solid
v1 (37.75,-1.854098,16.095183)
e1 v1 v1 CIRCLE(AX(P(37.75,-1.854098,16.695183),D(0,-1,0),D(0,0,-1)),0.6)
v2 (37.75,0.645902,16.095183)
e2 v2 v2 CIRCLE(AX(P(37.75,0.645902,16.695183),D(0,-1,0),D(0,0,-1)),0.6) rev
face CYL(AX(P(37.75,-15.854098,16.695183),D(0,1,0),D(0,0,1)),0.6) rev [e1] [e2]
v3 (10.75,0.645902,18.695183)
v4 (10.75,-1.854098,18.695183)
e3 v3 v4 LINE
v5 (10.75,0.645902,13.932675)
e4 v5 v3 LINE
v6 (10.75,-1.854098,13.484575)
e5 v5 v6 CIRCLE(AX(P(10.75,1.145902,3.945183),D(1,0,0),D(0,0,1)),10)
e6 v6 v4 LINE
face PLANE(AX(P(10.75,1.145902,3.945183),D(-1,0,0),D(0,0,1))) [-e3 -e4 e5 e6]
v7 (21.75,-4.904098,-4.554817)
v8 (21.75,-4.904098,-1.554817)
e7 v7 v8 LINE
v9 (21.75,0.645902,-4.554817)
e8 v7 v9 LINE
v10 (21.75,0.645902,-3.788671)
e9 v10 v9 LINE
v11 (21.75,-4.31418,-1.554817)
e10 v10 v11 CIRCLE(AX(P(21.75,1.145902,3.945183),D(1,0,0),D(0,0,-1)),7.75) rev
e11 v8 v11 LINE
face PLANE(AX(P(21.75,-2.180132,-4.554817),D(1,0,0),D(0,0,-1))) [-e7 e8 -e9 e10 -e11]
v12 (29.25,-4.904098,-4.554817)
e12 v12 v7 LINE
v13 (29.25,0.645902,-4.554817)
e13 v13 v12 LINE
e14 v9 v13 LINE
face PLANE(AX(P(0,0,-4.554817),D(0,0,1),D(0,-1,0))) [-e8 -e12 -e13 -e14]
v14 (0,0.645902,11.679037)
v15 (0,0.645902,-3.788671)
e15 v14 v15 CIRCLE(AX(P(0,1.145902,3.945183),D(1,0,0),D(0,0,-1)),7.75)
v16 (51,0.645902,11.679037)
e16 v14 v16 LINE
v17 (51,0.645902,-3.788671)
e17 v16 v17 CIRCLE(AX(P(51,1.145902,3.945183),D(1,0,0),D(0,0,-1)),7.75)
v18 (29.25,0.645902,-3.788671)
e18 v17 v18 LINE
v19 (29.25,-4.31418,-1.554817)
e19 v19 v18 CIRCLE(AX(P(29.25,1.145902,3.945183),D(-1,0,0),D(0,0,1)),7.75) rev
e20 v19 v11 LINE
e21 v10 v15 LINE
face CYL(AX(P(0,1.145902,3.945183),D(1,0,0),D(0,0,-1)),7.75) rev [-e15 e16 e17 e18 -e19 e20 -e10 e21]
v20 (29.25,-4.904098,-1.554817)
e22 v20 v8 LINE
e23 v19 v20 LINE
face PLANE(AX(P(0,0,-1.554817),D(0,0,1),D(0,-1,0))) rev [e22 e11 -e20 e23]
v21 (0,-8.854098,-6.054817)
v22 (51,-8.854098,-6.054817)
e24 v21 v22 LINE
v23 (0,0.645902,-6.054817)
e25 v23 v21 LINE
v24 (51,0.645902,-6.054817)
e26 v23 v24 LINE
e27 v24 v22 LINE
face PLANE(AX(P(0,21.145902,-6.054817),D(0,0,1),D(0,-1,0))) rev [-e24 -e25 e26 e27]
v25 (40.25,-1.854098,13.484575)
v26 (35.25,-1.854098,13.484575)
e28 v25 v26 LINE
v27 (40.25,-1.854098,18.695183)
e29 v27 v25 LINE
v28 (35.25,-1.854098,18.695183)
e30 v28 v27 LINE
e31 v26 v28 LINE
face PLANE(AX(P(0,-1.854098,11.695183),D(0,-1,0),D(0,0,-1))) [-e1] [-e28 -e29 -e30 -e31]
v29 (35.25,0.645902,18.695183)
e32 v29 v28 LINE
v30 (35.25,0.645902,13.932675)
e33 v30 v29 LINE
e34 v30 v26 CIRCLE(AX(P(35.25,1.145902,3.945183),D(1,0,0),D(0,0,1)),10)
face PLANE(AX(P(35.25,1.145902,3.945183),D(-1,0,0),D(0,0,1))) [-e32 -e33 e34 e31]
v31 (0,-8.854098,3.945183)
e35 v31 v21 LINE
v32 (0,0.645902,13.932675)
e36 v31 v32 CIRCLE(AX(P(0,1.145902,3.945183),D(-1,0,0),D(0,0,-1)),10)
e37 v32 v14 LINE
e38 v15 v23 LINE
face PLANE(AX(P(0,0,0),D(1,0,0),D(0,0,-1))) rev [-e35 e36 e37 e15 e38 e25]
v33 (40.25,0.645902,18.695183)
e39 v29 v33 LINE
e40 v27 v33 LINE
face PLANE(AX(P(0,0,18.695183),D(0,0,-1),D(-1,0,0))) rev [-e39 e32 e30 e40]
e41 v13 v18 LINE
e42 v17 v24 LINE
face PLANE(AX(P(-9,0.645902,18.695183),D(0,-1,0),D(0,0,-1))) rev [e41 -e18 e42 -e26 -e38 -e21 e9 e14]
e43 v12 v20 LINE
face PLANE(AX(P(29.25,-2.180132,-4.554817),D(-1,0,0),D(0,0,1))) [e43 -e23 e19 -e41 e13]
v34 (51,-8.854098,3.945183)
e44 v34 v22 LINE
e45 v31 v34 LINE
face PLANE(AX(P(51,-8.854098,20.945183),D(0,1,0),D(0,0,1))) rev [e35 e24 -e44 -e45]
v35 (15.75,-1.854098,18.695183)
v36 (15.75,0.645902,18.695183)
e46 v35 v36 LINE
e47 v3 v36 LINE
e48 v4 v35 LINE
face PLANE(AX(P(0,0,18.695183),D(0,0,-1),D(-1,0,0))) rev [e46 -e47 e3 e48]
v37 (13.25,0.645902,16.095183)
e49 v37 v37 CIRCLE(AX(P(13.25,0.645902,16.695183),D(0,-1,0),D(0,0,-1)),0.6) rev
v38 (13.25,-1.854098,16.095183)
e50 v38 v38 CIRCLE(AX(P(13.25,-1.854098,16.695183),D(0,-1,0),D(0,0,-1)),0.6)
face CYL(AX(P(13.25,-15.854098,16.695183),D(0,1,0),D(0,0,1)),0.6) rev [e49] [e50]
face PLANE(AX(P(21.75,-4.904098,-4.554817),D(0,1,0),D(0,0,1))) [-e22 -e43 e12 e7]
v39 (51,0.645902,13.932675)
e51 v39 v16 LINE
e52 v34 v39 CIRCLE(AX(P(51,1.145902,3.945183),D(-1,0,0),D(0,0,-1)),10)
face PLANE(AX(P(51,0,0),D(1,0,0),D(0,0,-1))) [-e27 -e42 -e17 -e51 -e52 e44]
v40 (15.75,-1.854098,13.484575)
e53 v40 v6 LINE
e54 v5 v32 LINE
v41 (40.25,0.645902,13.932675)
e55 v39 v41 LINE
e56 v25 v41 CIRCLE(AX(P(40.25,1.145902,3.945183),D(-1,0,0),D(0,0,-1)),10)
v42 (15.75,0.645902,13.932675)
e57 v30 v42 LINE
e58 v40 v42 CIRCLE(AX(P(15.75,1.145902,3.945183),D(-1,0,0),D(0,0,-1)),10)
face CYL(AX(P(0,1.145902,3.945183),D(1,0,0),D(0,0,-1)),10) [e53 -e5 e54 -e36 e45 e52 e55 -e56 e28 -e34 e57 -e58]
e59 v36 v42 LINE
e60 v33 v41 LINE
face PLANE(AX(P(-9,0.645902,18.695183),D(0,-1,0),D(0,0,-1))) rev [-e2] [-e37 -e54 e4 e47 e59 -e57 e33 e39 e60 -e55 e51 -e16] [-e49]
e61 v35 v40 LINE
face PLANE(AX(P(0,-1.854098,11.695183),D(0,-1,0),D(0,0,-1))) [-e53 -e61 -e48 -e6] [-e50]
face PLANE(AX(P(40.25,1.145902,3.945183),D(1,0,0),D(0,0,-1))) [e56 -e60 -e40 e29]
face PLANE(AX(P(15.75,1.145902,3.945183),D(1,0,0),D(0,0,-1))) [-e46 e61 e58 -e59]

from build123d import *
from build123d.topology import SkipClean

# Parameters (mm, degrees)
SKETCH1_W                = 34
SKETCH1_H                = 30
BOSS_EXTRUDE2_DEPTH      = 51
SKETCH3_R                = 2.55
CUT_EXTRUDE3_DEPTH       = 10
SKETCH5_R                = 7.75
CUT_EXTRUDE4_DEPTH       = 51
SKETCH6_W                = 7
SKETCH6_H                = 30
CUT_EXTRUDE6_DEPTH       = 51
CUT_EXTRUDE7_DEPTH       = 51
CUT_EXTRUDE9_DEPTH       = 1.5
CUT_EXTRUDE9_DEPTH_BACK  = 1.5
BOSS_EXTRUDE5_DEPTH      = 51
CUT_EXTRUDE10_DEPTH      = 13
CUT_EXTRUDE11_START      = -13
CUT_EXTRUDE11_DEPTH      = 13
SKETCH13_W               = 2
SKETCH13_H               = 6
CUT_EXTRUDE12_DEPTH      = 2
CUT_EXTRUDE13_DEPTH      = 13
CUT_EXTRUDE13_DEPTH_BACK = 11
BOSS_EXTRUDE6_DEPTH      = 2.25
BOSS_EXTRUDE7_DEPTH      = 2.25
BOSS_EXTRUDE8_DEPTH      = 2.25
BOSS_EXTRUDE9_DEPTH      = 2.25
SKETCH22_W               = 5
SKETCH22_H               = 6
BOSS_EXTRUDE10_DEPTH     = 1
SKETCH24_W               = 5
SKETCH24_H               = 6
BOSS_EXTRUDE11_DEPTH     = 1
SKETCH25_R               = 0.6
CUT_EXTRUDE14_DEPTH      = 20
SKETCH26_R               = 2.55
BOSS_EXTRUDE12_DEPTH     = 1.5
CUT_EXTRUDE16_DEPTH      = 60


with BuildPart() as part:
    # Sketch1 → Boss-Extrude2 (new body)
    with BuildSketch(Plane(origin=(0, 0, 0), x_dir=(0, 0, -1), z_dir=(1, 0, 0))):
        with Locations((-3.945183177, 6.145902028)):
            Rectangle(SKETCH1_W, SKETCH1_H)
    extrude(amount=BOSS_EXTRUDE2_DEPTH)

    # Sketch3 → Cut-Extrude3 (cut)
    with BuildSketch(Plane(origin=(0, 0, -13.054816823), x_dir=(-1, 0, 0), z_dir=(0, 0, -1))):
        with Locations((-25.5, -1.354097972)):
            Circle(SKETCH3_R)
    extrude(amount=-CUT_EXTRUDE3_DEPTH, mode=Mode.SUBTRACT)

    # Sketch5 → Cut-Extrude4 (cut)
    with BuildSketch(Plane(origin=(51, 0, 0), x_dir=(0, 0, -1), z_dir=(1, 0, 0))):
        with Locations((-3.945183177, 1.145902028)):
            Circle(SKETCH5_R)
    extrude(amount=-CUT_EXTRUDE4_DEPTH, mode=Mode.SUBTRACT)

    # Sketch6 → Cut-Extrude6 (cut)
    with BuildSketch(Plane(origin=(51, 0, 0), x_dir=(0, 0, -1), z_dir=(1, 0, 0))):
        with Locations((9.554816823, 6.145902028)):
            Rectangle(SKETCH6_W, SKETCH6_H)
    extrude(amount=-CUT_EXTRUDE6_DEPTH, mode=Mode.SUBTRACT)

    # Sketch7 → Cut-Extrude7 (cut)
    with BuildSketch(Plane(origin=(51, 0, 0), x_dir=(0, 0, -1), z_dir=(1, 0, 0))):
        with BuildLine():
            Line((-3.945183177, -8.854097972), (-20.945183177, -8.854097972))
            Line((-20.945183177, -8.854097972), (-20.945183177, 21.145902028))
            Line((-20.945183177, 21.145902028), (6.054816823, 21.145902028))
            Line((6.054816823, 21.145902028), (6.054816823, 1.145902028))
            ThreePointArc((6.054816823, 1.145902028), (-11.016250989, 8.21696984), (-3.945183177, -8.854097972))
        make_face()
    extrude(amount=-CUT_EXTRUDE7_DEPTH, mode=Mode.SUBTRACT)

    # Sketch8 → Cut-Extrude9 (cut, two sides: drawn at the far end of the back side and taken through both)
    with BuildSketch(Plane(origin=(0, 0, -3.054816823), x_dir=(-1, 0, 0), z_dir=(0, 0, -1)).offset(-CUT_EXTRUDE9_DEPTH_BACK)):
        Polygon((-21.75, -2.180131646), (-21.75, -4.904097972), (-29.25, -4.904097972), (-29.25, -2.180131646), (-29.25, 2.195902028), (-21.75, 2.195902028), align=None)
    extrude(amount=CUT_EXTRUDE9_DEPTH + CUT_EXTRUDE9_DEPTH_BACK, mode=Mode.SUBTRACT)

    # Sketch10 → Boss-Extrude5 (add)
    with BuildSketch(Plane(origin=(51, 0, 0), x_dir=(0, 0, -1), z_dir=(1, 0, 0))):
        Polygon((-17.695183177, 1.145902028), (-17.695183177, 4.145902028), (-11.695183177, 4.145902028), (-11.695183177, 1.145902028), (-11.695183177, -1.854097972), (-17.695183177, -1.854097972), align=None)
    extrude(amount=-BOSS_EXTRUDE5_DEPTH)

    # Sketch11 → Cut-Extrude10 (cut)
    with BuildSketch(Plane(origin=(51, 0, 0), x_dir=(0, 0, -1), z_dir=(1, 0, 0))):
        with BuildLine():
            Line((-13.484575191, -1.854097972), (-17.695183177, -1.854097972))
            Line((-17.695183177, -1.854097972), (-17.695183177, 4.145902028))
            Line((-17.695183177, 4.145902028), (-13.484575191, 4.145902028))
            ThreePointArc((-13.484575191, 4.145902028), (-13.945183177, 1.145902028), (-13.484575191, -1.854097972))
        make_face()
    extrude(amount=-CUT_EXTRUDE10_DEPTH, mode=Mode.SUBTRACT)

    # Sketch12 → Cut-Extrude11 (cut)
    with BuildSketch(Plane.ZY.offset(CUT_EXTRUDE11_START)):
        with BuildLine():
            Line((13.484575191, -1.854097972), (17.695183177, -1.854097972))
            Line((17.695183177, -1.854097972), (17.695183177, 4.145902028))
            Line((17.695183177, 4.145902028), (13.484575191, 4.145902028))
            ThreePointArc((13.484575191, 4.145902028), (13.945183177, 1.145902028), (13.484575191, -1.854097972))
        make_face()
    extrude(amount=CUT_EXTRUDE11_DEPTH, mode=Mode.SUBTRACT)

    # Sketch13 → Cut-Extrude12 (cut)
    with BuildSketch(Plane.XY.offset(17.695183177)):
        with Locations((25.5, 1.145902028)):
            Rectangle(SKETCH13_W, SKETCH13_H)
    extrude(amount=-CUT_EXTRUDE12_DEPTH, mode=Mode.SUBTRACT)

    # Sketch15 → Cut-Extrude13 (cut, two sides: drawn at the far end of the back side and taken through both)
    with SkipClean():  # the faces are left unmerged after this step: merging them gives an invalid solid
        with BuildSketch(Plane(origin=(24.5, 0, 0), x_dir=(0, 0, -1), z_dir=(1, 0, 0)).offset(-CUT_EXTRUDE13_DEPTH_BACK)):
            with BuildLine():
                Line((-17.695183177, 4.145902028), (-17.695183177, -1.854097972))
                Line((-17.695183177, -1.854097972), (-13.484575191, -1.854097972))
                ThreePointArc((-13.484575191, -1.854097972), (-13.945183177, 1.145902028), (-13.484575191, 4.145902028))
                Line((-13.484575191, 4.145902028), (-17.695183177, 4.145902028))
            make_face()
        extrude(amount=CUT_EXTRUDE13_DEPTH + CUT_EXTRUDE13_DEPTH_BACK, mode=Mode.SUBTRACT)

    # Sketch17 → Boss-Extrude6 (add)
    with SkipClean():  # the faces are left unmerged after this step: merging them gives an invalid solid
        with BuildSketch(Plane(origin=(38, 0, 0), x_dir=(0, 0, -1), z_dir=(1, 0, 0))):
            with BuildLine():
                Line((-13.484575191, 4.145902028), (-17.695183177, 4.145902028))
                Line((-17.695183177, 4.145902028), (-17.695183177, -1.854097972))
                Line((-17.695183177, -1.854097972), (-13.484575191, -1.854097972))
                ThreePointArc((-13.484575191, -1.854097972), (-13.945183177, 1.145902028), (-13.484575191, 4.145902028))
            make_face()
        extrude(amount=BOSS_EXTRUDE6_DEPTH)

    # Sketch19 → Boss-Extrude7 (add)
    with SkipClean():  # the faces are left unmerged after this step: merging them gives an invalid solid
        with BuildSketch(Plane.ZY.offset(-13)):
            with BuildLine():
                Line((13.484575191, 4.145902028), (17.695183177, 4.145902028))
                Line((17.695183177, 4.145902028), (17.695183177, -1.854097972))
                Line((17.695183177, -1.854097972), (13.484575191, -1.854097972))
                ThreePointArc((13.484575191, -1.854097972), (13.945183177, 1.145902028), (13.484575191, 4.145902028))
            make_face()
        extrude(amount=BOSS_EXTRUDE7_DEPTH)

    # Sketch20 → Boss-Extrude8 (add)
    with SkipClean():  # the faces are left unmerged after this step: merging them gives an invalid solid
        with BuildSketch(Plane(origin=(13.5, 0, 0), x_dir=(0, 0, -1), z_dir=(1, 0, 0))):
            with BuildLine():
                Line((-17.695183177, -1.854097972), (-17.695183177, 4.145902028))
                Line((-17.695183177, 4.145902028), (-13.484575191, 4.145902028))
                ThreePointArc((-13.484575191, 4.145902028), (-13.945183177, 1.145902028), (-13.484575191, -1.854097972))
                Line((-13.484575191, -1.854097972), (-17.695183177, -1.854097972))
            make_face()
        extrude(amount=BOSS_EXTRUDE8_DEPTH)

    # Sketch21 → Boss-Extrude9 (add)
    with SkipClean():  # the faces are left unmerged after this step: merging them gives an invalid solid
        with BuildSketch(Plane.ZY.offset(-37.5)):
            with BuildLine():
                Line((13.484575191, 4.145902028), (17.695183177, 4.145902028))
                Line((17.695183177, 4.145902028), (17.695183177, -1.854097972))
                Line((17.695183177, -1.854097972), (13.484575191, -1.854097972))
                ThreePointArc((13.484575191, -1.854097972), (13.945183177, 1.145902028), (13.484575191, 4.145902028))
            make_face()
        extrude(amount=BOSS_EXTRUDE9_DEPTH)

    # Sketch22 → Boss-Extrude10 (add)
    with SkipClean():  # the faces are left unmerged after this step: merging them gives an invalid solid
        with BuildSketch(Plane.XY.offset(17.695183177)):
            with Locations((37.75, 1.145902028)):
                Rectangle(SKETCH22_W, SKETCH22_H)
        extrude(amount=BOSS_EXTRUDE10_DEPTH)

    # Sketch24 → Boss-Extrude11 (add)
    with SkipClean():  # the faces are left unmerged after this step: merging them gives an invalid solid
        with BuildSketch(Plane.XY.offset(17.695183177)):
            with Locations((13.25, 1.145902028)):
                Rectangle(SKETCH24_W, SKETCH24_H)
        extrude(amount=BOSS_EXTRUDE11_DEPTH)

    # Sketch25 → Cut-Extrude14 (cut)
    with SkipClean():  # the faces are left unmerged after this step: merging them gives an invalid solid
        with BuildSketch(Plane(origin=(0, 4.145902028, 0), x_dir=(1, 0, 0), z_dir=(0, 1, 0))):
            with Locations((13.25, -16.695183177)):
                Circle(SKETCH25_R)
            with Locations((37.75, -16.695183177)):
                Circle(SKETCH25_R)
        extrude(amount=-CUT_EXTRUDE14_DEPTH, mode=Mode.SUBTRACT)

    # Sketch26 → Boss-Extrude12 (add)
    with SkipClean():  # the faces are left unmerged after this step: merging them gives an invalid solid
        with BuildSketch(Plane(origin=(0, 0, -6.054816823), x_dir=(-1, 0, 0), z_dir=(0, 0, -1))):
            with Locations((-25.5, -1.354097972)):
                Circle(SKETCH26_R)
        extrude(amount=-BOSS_EXTRUDE12_DEPTH)

    # Sketch27 → Cut-Extrude16 (cut)
    with SkipClean():  # the faces are left unmerged after this step: merging them gives an invalid solid
        with BuildSketch(Plane(origin=(51, 0, 0), x_dir=(0, 0, -1), z_dir=(1, 0, 0))):
            Polygon((-18.695183177, 1.145902028), (-18.695183177, 12.015935401), (6.594766684, 12.015935401), (6.594766684, 1.145902028), (6.594766684, 0.645902028), (-18.695183177, 0.645902028), align=None)
        extrude(amount=-CUT_EXTRUDE16_DEPTH, mode=Mode.SUBTRACT)


solid = part.part
